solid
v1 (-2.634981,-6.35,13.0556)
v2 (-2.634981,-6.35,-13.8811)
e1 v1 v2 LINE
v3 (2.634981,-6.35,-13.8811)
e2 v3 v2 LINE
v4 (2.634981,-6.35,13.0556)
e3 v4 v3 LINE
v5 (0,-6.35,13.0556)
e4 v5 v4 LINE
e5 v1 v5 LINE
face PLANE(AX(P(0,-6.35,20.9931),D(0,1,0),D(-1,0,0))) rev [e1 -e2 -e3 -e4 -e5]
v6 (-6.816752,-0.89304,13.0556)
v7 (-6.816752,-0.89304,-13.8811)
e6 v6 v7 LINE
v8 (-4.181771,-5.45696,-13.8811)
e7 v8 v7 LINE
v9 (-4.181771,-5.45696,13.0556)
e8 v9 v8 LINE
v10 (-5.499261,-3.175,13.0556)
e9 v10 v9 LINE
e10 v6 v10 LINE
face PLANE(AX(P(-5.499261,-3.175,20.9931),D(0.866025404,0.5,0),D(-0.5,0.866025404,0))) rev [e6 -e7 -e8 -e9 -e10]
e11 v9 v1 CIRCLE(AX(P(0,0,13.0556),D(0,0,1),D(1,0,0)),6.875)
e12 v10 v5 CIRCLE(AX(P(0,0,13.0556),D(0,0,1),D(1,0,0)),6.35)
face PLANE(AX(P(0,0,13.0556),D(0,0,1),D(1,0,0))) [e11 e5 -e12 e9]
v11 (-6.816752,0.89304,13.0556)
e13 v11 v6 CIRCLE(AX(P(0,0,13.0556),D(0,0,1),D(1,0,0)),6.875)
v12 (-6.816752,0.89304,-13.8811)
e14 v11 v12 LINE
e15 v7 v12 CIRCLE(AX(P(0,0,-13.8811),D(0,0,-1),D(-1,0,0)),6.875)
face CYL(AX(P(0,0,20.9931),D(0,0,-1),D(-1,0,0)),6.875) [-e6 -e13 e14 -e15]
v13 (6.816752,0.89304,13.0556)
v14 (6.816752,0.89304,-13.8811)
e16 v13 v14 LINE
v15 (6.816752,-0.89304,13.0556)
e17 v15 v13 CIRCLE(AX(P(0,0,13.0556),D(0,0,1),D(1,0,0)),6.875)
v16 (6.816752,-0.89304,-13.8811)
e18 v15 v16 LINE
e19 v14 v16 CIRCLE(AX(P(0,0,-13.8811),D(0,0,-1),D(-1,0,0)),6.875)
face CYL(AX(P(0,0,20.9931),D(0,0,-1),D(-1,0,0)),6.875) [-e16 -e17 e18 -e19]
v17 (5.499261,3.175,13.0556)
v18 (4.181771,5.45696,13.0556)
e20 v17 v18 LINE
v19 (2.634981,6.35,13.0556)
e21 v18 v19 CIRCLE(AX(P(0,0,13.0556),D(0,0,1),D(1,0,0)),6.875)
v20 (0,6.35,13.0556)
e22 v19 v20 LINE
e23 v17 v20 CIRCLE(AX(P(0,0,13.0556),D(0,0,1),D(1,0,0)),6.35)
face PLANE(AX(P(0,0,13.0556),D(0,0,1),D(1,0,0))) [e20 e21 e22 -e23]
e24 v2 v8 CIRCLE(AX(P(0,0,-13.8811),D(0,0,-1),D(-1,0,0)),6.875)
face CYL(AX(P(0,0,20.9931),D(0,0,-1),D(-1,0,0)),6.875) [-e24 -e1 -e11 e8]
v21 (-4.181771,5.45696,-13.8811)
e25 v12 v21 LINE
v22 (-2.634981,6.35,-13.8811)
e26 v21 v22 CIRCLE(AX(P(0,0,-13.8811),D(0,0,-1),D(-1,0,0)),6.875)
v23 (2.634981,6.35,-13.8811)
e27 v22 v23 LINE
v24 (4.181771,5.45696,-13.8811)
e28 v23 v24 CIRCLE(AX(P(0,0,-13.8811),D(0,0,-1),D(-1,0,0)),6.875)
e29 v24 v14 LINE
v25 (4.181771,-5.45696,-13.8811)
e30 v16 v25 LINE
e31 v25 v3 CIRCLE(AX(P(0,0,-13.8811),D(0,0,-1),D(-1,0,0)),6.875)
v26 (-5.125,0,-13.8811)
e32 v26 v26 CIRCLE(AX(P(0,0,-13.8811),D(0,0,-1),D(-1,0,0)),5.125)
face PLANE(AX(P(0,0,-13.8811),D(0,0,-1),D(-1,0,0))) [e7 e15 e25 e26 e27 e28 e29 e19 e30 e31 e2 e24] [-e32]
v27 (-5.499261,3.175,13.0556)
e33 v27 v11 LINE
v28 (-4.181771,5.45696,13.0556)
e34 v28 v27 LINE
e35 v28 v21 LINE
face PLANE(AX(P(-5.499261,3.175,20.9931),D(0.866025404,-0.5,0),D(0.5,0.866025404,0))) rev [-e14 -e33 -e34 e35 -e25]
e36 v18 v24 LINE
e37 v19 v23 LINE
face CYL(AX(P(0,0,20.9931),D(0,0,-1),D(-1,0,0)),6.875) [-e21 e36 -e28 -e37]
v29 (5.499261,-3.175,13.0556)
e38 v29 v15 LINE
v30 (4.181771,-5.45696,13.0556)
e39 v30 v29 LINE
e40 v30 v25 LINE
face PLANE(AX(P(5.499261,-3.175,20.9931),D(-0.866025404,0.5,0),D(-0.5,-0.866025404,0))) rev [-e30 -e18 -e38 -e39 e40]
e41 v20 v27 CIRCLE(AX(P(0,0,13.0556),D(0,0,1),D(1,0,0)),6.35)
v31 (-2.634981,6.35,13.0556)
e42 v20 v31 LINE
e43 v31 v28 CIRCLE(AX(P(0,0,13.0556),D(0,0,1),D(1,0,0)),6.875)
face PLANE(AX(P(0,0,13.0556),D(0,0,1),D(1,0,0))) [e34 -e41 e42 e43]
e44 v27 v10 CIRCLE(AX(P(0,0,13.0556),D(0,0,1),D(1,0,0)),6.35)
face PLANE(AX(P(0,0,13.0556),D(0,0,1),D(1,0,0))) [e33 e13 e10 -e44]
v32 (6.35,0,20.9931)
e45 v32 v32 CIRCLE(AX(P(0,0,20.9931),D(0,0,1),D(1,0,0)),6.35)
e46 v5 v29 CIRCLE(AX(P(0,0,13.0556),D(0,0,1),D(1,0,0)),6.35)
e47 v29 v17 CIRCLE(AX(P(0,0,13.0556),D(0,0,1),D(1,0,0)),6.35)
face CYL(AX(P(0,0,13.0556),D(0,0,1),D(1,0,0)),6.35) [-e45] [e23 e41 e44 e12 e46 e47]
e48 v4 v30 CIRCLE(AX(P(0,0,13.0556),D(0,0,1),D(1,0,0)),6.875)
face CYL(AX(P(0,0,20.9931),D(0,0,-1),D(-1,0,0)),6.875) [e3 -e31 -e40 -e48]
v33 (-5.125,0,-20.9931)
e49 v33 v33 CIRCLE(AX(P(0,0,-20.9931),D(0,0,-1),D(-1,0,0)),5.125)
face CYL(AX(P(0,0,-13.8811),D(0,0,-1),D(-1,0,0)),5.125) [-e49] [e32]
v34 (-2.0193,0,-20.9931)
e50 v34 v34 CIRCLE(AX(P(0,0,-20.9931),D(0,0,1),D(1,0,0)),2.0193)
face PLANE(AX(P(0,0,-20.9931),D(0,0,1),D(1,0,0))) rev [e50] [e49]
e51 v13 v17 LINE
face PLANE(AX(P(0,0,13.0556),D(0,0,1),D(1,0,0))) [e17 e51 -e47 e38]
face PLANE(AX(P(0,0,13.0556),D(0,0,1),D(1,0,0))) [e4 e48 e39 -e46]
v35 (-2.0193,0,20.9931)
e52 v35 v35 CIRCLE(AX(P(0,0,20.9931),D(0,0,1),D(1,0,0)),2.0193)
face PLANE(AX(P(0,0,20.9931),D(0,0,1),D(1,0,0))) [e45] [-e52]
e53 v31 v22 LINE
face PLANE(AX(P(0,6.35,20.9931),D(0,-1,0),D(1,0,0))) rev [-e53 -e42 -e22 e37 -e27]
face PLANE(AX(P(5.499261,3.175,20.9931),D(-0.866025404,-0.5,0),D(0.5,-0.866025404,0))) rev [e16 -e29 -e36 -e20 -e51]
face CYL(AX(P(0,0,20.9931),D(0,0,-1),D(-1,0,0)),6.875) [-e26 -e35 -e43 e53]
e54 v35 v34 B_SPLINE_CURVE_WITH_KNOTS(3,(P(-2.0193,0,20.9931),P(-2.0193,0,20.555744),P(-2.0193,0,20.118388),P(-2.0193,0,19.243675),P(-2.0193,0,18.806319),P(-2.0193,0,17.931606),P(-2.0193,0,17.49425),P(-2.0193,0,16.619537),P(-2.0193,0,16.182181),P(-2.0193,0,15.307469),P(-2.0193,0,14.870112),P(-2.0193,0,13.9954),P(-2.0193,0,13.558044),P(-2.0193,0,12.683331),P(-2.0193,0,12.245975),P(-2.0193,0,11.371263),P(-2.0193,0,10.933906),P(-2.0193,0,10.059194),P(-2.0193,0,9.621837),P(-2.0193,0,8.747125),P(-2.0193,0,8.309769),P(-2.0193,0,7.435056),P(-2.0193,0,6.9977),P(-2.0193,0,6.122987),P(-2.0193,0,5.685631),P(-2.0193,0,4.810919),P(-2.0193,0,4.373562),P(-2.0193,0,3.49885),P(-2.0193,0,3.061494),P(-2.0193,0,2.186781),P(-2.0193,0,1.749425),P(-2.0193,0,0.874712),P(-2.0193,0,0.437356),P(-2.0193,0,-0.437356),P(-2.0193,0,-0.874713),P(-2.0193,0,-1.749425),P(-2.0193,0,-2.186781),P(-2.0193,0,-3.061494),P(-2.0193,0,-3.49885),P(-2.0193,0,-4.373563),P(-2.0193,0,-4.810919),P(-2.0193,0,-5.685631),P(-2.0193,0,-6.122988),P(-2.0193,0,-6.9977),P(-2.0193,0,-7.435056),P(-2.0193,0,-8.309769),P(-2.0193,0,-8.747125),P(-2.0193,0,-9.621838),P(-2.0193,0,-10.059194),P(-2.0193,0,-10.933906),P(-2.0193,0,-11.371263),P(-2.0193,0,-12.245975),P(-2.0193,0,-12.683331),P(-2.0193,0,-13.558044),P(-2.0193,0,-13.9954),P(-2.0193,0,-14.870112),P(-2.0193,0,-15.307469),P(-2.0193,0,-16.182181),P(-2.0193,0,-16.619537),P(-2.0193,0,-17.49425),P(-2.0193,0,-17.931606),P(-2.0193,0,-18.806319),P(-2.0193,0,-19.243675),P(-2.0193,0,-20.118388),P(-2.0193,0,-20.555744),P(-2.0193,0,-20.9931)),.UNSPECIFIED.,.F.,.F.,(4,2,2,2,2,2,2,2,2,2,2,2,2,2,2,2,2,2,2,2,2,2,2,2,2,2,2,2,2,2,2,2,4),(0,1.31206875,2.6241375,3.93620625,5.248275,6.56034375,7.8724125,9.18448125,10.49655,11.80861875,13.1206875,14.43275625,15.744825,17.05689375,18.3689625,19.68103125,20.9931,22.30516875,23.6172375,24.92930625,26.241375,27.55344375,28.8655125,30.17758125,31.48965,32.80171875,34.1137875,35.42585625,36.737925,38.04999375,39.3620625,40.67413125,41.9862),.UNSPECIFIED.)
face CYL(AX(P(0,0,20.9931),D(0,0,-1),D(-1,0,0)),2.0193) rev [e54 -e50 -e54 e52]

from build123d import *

# Parameters (mm, degrees)
SKETCH1_R                            = 2.0193
BOSS_EXTRUDE1_DEPTH                  = 20.9931
F_10_32_TAPPED_HOLE1_D               = 4.0386
F_10_32_TAPPED_HOLE1_DEPTH           = 11.938
F_10_32_TAPPED_HOLE1_TIP             = 1.213317848
F_10_32_TAPPED_HOLE1_ON_FACE_2_D     = 4.0386
F_10_32_TAPPED_HOLE1_ON_FACE_2_DEPTH = 11.938
F_10_32_TAPPED_HOLE1_ON_FACE_2_TIP   = 1.213317848
SKETCH4_R                            = 8.89
SKETCH4_R_2                          = 6.35
CUT_EXTRUDE_THIN1_DEPTH              = 7.9375
SKETCH5_R                            = 7.665000037
SKETCH5_R_2                          = 5.125000037
CUT_EXTRUDE_THIN2_DEPTH              = 7.112


with BuildPart() as part:
    # Sketch1 → Boss-Extrude1 (new, symmetric)
    with BuildSketch(Plane.XY):
        with BuildLine():
            ThreePointArc((6.874999966, 0), (6.860422465, 0.447468582), (6.816751782, 0.893039571))
            Line((6.816751782, 0.893039571), (4.181770846, 5.456960429))
            ThreePointArc((4.181770846, 5.456960429), (3.437499983, 5.953924622), (2.634980936, 6.35))
            Line((2.634980936, 6.35), (-2.634980936, 6.35))
            ThreePointArc((-2.634980936, 6.35), (-3.437499983, 5.953924622), (-4.181770846, 5.456960429))
            Line((-4.181770846, 5.456960429), (-6.816751782, 0.893039571))
            ThreePointArc((-6.816751782, 0.893039571), (-6.874999966, 0), (-6.816751782, -0.893039571))
            Line((-6.816751782, -0.893039571), (-4.181770846, -5.456960429))
            ThreePointArc((-4.181770846, -5.456960429), (-3.437499983, -5.953924622), (-2.634980936, -6.35))
            Line((-2.634980936, -6.35), (2.634980936, -6.35))
            ThreePointArc((2.634980936, -6.35), (3.437499983, -5.953924622), (4.181770846, -5.456960429))
            Line((4.181770846, -5.456960429), (6.816751782, -0.893039571))
            ThreePointArc((6.816751782, -0.893039571), (6.860422465, -0.447468582), (6.874999966, 0))
        make_face()
        with Locations(Location((0, 0, 0), (0, 0, 180))):
            Circle(SKETCH1_R, mode=Mode.SUBTRACT)
    extrude(amount=BOSS_EXTRUDE1_DEPTH, both=True)

    # #10-32 Tapped Hole1
    with Locations(Plane.XY.offset(20.9931)):
        with Locations((0, 0)):
            Hole(F_10_32_TAPPED_HOLE1_D / 2, depth=F_10_32_TAPPED_HOLE1_DEPTH)
            with Locations((0, 0, -(F_10_32_TAPPED_HOLE1_DEPTH + F_10_32_TAPPED_HOLE1_TIP / 2))):  # 118° drill point
                Cone(0, F_10_32_TAPPED_HOLE1_D / 2, F_10_32_TAPPED_HOLE1_TIP, mode=Mode.SUBTRACT)

    # #10-32 Tapped Hole1 on face 2
    with Locations(Plane.XY.offset(-20.9931)):
        with Locations((0, 0)):
            Hole(F_10_32_TAPPED_HOLE1_ON_FACE_2_D / 2, depth=F_10_32_TAPPED_HOLE1_ON_FACE_2_DEPTH)
            with Locations((0, 0, -(F_10_32_TAPPED_HOLE1_ON_FACE_2_DEPTH + F_10_32_TAPPED_HOLE1_ON_FACE_2_TIP / 2))):  # 118° drill point
                Cone(0, F_10_32_TAPPED_HOLE1_ON_FACE_2_D / 2, F_10_32_TAPPED_HOLE1_ON_FACE_2_TIP, mode=Mode.SUBTRACT)

    # Sketch4 → Cut-Extrude-Thin1 (cut)
    with BuildSketch(Plane.XY.offset(20.9931)):
        Circle(SKETCH4_R)
        Circle(SKETCH4_R_2, mode=Mode.SUBTRACT)
    extrude(amount=-CUT_EXTRUDE_THIN1_DEPTH, mode=Mode.SUBTRACT)

    # Sketch5 → Cut-Extrude-Thin2 (cut)
    with BuildSketch(Plane(origin=(0, 0, -20.9931), x_dir=(-1, 0, 0), z_dir=(0, 0, -1))):
        Circle(SKETCH5_R)
        Circle(SKETCH5_R_2, mode=Mode.SUBTRACT)
    extrude(amount=-CUT_EXTRUDE_THIN2_DEPTH, mode=Mode.SUBTRACT)


solid = part.part
